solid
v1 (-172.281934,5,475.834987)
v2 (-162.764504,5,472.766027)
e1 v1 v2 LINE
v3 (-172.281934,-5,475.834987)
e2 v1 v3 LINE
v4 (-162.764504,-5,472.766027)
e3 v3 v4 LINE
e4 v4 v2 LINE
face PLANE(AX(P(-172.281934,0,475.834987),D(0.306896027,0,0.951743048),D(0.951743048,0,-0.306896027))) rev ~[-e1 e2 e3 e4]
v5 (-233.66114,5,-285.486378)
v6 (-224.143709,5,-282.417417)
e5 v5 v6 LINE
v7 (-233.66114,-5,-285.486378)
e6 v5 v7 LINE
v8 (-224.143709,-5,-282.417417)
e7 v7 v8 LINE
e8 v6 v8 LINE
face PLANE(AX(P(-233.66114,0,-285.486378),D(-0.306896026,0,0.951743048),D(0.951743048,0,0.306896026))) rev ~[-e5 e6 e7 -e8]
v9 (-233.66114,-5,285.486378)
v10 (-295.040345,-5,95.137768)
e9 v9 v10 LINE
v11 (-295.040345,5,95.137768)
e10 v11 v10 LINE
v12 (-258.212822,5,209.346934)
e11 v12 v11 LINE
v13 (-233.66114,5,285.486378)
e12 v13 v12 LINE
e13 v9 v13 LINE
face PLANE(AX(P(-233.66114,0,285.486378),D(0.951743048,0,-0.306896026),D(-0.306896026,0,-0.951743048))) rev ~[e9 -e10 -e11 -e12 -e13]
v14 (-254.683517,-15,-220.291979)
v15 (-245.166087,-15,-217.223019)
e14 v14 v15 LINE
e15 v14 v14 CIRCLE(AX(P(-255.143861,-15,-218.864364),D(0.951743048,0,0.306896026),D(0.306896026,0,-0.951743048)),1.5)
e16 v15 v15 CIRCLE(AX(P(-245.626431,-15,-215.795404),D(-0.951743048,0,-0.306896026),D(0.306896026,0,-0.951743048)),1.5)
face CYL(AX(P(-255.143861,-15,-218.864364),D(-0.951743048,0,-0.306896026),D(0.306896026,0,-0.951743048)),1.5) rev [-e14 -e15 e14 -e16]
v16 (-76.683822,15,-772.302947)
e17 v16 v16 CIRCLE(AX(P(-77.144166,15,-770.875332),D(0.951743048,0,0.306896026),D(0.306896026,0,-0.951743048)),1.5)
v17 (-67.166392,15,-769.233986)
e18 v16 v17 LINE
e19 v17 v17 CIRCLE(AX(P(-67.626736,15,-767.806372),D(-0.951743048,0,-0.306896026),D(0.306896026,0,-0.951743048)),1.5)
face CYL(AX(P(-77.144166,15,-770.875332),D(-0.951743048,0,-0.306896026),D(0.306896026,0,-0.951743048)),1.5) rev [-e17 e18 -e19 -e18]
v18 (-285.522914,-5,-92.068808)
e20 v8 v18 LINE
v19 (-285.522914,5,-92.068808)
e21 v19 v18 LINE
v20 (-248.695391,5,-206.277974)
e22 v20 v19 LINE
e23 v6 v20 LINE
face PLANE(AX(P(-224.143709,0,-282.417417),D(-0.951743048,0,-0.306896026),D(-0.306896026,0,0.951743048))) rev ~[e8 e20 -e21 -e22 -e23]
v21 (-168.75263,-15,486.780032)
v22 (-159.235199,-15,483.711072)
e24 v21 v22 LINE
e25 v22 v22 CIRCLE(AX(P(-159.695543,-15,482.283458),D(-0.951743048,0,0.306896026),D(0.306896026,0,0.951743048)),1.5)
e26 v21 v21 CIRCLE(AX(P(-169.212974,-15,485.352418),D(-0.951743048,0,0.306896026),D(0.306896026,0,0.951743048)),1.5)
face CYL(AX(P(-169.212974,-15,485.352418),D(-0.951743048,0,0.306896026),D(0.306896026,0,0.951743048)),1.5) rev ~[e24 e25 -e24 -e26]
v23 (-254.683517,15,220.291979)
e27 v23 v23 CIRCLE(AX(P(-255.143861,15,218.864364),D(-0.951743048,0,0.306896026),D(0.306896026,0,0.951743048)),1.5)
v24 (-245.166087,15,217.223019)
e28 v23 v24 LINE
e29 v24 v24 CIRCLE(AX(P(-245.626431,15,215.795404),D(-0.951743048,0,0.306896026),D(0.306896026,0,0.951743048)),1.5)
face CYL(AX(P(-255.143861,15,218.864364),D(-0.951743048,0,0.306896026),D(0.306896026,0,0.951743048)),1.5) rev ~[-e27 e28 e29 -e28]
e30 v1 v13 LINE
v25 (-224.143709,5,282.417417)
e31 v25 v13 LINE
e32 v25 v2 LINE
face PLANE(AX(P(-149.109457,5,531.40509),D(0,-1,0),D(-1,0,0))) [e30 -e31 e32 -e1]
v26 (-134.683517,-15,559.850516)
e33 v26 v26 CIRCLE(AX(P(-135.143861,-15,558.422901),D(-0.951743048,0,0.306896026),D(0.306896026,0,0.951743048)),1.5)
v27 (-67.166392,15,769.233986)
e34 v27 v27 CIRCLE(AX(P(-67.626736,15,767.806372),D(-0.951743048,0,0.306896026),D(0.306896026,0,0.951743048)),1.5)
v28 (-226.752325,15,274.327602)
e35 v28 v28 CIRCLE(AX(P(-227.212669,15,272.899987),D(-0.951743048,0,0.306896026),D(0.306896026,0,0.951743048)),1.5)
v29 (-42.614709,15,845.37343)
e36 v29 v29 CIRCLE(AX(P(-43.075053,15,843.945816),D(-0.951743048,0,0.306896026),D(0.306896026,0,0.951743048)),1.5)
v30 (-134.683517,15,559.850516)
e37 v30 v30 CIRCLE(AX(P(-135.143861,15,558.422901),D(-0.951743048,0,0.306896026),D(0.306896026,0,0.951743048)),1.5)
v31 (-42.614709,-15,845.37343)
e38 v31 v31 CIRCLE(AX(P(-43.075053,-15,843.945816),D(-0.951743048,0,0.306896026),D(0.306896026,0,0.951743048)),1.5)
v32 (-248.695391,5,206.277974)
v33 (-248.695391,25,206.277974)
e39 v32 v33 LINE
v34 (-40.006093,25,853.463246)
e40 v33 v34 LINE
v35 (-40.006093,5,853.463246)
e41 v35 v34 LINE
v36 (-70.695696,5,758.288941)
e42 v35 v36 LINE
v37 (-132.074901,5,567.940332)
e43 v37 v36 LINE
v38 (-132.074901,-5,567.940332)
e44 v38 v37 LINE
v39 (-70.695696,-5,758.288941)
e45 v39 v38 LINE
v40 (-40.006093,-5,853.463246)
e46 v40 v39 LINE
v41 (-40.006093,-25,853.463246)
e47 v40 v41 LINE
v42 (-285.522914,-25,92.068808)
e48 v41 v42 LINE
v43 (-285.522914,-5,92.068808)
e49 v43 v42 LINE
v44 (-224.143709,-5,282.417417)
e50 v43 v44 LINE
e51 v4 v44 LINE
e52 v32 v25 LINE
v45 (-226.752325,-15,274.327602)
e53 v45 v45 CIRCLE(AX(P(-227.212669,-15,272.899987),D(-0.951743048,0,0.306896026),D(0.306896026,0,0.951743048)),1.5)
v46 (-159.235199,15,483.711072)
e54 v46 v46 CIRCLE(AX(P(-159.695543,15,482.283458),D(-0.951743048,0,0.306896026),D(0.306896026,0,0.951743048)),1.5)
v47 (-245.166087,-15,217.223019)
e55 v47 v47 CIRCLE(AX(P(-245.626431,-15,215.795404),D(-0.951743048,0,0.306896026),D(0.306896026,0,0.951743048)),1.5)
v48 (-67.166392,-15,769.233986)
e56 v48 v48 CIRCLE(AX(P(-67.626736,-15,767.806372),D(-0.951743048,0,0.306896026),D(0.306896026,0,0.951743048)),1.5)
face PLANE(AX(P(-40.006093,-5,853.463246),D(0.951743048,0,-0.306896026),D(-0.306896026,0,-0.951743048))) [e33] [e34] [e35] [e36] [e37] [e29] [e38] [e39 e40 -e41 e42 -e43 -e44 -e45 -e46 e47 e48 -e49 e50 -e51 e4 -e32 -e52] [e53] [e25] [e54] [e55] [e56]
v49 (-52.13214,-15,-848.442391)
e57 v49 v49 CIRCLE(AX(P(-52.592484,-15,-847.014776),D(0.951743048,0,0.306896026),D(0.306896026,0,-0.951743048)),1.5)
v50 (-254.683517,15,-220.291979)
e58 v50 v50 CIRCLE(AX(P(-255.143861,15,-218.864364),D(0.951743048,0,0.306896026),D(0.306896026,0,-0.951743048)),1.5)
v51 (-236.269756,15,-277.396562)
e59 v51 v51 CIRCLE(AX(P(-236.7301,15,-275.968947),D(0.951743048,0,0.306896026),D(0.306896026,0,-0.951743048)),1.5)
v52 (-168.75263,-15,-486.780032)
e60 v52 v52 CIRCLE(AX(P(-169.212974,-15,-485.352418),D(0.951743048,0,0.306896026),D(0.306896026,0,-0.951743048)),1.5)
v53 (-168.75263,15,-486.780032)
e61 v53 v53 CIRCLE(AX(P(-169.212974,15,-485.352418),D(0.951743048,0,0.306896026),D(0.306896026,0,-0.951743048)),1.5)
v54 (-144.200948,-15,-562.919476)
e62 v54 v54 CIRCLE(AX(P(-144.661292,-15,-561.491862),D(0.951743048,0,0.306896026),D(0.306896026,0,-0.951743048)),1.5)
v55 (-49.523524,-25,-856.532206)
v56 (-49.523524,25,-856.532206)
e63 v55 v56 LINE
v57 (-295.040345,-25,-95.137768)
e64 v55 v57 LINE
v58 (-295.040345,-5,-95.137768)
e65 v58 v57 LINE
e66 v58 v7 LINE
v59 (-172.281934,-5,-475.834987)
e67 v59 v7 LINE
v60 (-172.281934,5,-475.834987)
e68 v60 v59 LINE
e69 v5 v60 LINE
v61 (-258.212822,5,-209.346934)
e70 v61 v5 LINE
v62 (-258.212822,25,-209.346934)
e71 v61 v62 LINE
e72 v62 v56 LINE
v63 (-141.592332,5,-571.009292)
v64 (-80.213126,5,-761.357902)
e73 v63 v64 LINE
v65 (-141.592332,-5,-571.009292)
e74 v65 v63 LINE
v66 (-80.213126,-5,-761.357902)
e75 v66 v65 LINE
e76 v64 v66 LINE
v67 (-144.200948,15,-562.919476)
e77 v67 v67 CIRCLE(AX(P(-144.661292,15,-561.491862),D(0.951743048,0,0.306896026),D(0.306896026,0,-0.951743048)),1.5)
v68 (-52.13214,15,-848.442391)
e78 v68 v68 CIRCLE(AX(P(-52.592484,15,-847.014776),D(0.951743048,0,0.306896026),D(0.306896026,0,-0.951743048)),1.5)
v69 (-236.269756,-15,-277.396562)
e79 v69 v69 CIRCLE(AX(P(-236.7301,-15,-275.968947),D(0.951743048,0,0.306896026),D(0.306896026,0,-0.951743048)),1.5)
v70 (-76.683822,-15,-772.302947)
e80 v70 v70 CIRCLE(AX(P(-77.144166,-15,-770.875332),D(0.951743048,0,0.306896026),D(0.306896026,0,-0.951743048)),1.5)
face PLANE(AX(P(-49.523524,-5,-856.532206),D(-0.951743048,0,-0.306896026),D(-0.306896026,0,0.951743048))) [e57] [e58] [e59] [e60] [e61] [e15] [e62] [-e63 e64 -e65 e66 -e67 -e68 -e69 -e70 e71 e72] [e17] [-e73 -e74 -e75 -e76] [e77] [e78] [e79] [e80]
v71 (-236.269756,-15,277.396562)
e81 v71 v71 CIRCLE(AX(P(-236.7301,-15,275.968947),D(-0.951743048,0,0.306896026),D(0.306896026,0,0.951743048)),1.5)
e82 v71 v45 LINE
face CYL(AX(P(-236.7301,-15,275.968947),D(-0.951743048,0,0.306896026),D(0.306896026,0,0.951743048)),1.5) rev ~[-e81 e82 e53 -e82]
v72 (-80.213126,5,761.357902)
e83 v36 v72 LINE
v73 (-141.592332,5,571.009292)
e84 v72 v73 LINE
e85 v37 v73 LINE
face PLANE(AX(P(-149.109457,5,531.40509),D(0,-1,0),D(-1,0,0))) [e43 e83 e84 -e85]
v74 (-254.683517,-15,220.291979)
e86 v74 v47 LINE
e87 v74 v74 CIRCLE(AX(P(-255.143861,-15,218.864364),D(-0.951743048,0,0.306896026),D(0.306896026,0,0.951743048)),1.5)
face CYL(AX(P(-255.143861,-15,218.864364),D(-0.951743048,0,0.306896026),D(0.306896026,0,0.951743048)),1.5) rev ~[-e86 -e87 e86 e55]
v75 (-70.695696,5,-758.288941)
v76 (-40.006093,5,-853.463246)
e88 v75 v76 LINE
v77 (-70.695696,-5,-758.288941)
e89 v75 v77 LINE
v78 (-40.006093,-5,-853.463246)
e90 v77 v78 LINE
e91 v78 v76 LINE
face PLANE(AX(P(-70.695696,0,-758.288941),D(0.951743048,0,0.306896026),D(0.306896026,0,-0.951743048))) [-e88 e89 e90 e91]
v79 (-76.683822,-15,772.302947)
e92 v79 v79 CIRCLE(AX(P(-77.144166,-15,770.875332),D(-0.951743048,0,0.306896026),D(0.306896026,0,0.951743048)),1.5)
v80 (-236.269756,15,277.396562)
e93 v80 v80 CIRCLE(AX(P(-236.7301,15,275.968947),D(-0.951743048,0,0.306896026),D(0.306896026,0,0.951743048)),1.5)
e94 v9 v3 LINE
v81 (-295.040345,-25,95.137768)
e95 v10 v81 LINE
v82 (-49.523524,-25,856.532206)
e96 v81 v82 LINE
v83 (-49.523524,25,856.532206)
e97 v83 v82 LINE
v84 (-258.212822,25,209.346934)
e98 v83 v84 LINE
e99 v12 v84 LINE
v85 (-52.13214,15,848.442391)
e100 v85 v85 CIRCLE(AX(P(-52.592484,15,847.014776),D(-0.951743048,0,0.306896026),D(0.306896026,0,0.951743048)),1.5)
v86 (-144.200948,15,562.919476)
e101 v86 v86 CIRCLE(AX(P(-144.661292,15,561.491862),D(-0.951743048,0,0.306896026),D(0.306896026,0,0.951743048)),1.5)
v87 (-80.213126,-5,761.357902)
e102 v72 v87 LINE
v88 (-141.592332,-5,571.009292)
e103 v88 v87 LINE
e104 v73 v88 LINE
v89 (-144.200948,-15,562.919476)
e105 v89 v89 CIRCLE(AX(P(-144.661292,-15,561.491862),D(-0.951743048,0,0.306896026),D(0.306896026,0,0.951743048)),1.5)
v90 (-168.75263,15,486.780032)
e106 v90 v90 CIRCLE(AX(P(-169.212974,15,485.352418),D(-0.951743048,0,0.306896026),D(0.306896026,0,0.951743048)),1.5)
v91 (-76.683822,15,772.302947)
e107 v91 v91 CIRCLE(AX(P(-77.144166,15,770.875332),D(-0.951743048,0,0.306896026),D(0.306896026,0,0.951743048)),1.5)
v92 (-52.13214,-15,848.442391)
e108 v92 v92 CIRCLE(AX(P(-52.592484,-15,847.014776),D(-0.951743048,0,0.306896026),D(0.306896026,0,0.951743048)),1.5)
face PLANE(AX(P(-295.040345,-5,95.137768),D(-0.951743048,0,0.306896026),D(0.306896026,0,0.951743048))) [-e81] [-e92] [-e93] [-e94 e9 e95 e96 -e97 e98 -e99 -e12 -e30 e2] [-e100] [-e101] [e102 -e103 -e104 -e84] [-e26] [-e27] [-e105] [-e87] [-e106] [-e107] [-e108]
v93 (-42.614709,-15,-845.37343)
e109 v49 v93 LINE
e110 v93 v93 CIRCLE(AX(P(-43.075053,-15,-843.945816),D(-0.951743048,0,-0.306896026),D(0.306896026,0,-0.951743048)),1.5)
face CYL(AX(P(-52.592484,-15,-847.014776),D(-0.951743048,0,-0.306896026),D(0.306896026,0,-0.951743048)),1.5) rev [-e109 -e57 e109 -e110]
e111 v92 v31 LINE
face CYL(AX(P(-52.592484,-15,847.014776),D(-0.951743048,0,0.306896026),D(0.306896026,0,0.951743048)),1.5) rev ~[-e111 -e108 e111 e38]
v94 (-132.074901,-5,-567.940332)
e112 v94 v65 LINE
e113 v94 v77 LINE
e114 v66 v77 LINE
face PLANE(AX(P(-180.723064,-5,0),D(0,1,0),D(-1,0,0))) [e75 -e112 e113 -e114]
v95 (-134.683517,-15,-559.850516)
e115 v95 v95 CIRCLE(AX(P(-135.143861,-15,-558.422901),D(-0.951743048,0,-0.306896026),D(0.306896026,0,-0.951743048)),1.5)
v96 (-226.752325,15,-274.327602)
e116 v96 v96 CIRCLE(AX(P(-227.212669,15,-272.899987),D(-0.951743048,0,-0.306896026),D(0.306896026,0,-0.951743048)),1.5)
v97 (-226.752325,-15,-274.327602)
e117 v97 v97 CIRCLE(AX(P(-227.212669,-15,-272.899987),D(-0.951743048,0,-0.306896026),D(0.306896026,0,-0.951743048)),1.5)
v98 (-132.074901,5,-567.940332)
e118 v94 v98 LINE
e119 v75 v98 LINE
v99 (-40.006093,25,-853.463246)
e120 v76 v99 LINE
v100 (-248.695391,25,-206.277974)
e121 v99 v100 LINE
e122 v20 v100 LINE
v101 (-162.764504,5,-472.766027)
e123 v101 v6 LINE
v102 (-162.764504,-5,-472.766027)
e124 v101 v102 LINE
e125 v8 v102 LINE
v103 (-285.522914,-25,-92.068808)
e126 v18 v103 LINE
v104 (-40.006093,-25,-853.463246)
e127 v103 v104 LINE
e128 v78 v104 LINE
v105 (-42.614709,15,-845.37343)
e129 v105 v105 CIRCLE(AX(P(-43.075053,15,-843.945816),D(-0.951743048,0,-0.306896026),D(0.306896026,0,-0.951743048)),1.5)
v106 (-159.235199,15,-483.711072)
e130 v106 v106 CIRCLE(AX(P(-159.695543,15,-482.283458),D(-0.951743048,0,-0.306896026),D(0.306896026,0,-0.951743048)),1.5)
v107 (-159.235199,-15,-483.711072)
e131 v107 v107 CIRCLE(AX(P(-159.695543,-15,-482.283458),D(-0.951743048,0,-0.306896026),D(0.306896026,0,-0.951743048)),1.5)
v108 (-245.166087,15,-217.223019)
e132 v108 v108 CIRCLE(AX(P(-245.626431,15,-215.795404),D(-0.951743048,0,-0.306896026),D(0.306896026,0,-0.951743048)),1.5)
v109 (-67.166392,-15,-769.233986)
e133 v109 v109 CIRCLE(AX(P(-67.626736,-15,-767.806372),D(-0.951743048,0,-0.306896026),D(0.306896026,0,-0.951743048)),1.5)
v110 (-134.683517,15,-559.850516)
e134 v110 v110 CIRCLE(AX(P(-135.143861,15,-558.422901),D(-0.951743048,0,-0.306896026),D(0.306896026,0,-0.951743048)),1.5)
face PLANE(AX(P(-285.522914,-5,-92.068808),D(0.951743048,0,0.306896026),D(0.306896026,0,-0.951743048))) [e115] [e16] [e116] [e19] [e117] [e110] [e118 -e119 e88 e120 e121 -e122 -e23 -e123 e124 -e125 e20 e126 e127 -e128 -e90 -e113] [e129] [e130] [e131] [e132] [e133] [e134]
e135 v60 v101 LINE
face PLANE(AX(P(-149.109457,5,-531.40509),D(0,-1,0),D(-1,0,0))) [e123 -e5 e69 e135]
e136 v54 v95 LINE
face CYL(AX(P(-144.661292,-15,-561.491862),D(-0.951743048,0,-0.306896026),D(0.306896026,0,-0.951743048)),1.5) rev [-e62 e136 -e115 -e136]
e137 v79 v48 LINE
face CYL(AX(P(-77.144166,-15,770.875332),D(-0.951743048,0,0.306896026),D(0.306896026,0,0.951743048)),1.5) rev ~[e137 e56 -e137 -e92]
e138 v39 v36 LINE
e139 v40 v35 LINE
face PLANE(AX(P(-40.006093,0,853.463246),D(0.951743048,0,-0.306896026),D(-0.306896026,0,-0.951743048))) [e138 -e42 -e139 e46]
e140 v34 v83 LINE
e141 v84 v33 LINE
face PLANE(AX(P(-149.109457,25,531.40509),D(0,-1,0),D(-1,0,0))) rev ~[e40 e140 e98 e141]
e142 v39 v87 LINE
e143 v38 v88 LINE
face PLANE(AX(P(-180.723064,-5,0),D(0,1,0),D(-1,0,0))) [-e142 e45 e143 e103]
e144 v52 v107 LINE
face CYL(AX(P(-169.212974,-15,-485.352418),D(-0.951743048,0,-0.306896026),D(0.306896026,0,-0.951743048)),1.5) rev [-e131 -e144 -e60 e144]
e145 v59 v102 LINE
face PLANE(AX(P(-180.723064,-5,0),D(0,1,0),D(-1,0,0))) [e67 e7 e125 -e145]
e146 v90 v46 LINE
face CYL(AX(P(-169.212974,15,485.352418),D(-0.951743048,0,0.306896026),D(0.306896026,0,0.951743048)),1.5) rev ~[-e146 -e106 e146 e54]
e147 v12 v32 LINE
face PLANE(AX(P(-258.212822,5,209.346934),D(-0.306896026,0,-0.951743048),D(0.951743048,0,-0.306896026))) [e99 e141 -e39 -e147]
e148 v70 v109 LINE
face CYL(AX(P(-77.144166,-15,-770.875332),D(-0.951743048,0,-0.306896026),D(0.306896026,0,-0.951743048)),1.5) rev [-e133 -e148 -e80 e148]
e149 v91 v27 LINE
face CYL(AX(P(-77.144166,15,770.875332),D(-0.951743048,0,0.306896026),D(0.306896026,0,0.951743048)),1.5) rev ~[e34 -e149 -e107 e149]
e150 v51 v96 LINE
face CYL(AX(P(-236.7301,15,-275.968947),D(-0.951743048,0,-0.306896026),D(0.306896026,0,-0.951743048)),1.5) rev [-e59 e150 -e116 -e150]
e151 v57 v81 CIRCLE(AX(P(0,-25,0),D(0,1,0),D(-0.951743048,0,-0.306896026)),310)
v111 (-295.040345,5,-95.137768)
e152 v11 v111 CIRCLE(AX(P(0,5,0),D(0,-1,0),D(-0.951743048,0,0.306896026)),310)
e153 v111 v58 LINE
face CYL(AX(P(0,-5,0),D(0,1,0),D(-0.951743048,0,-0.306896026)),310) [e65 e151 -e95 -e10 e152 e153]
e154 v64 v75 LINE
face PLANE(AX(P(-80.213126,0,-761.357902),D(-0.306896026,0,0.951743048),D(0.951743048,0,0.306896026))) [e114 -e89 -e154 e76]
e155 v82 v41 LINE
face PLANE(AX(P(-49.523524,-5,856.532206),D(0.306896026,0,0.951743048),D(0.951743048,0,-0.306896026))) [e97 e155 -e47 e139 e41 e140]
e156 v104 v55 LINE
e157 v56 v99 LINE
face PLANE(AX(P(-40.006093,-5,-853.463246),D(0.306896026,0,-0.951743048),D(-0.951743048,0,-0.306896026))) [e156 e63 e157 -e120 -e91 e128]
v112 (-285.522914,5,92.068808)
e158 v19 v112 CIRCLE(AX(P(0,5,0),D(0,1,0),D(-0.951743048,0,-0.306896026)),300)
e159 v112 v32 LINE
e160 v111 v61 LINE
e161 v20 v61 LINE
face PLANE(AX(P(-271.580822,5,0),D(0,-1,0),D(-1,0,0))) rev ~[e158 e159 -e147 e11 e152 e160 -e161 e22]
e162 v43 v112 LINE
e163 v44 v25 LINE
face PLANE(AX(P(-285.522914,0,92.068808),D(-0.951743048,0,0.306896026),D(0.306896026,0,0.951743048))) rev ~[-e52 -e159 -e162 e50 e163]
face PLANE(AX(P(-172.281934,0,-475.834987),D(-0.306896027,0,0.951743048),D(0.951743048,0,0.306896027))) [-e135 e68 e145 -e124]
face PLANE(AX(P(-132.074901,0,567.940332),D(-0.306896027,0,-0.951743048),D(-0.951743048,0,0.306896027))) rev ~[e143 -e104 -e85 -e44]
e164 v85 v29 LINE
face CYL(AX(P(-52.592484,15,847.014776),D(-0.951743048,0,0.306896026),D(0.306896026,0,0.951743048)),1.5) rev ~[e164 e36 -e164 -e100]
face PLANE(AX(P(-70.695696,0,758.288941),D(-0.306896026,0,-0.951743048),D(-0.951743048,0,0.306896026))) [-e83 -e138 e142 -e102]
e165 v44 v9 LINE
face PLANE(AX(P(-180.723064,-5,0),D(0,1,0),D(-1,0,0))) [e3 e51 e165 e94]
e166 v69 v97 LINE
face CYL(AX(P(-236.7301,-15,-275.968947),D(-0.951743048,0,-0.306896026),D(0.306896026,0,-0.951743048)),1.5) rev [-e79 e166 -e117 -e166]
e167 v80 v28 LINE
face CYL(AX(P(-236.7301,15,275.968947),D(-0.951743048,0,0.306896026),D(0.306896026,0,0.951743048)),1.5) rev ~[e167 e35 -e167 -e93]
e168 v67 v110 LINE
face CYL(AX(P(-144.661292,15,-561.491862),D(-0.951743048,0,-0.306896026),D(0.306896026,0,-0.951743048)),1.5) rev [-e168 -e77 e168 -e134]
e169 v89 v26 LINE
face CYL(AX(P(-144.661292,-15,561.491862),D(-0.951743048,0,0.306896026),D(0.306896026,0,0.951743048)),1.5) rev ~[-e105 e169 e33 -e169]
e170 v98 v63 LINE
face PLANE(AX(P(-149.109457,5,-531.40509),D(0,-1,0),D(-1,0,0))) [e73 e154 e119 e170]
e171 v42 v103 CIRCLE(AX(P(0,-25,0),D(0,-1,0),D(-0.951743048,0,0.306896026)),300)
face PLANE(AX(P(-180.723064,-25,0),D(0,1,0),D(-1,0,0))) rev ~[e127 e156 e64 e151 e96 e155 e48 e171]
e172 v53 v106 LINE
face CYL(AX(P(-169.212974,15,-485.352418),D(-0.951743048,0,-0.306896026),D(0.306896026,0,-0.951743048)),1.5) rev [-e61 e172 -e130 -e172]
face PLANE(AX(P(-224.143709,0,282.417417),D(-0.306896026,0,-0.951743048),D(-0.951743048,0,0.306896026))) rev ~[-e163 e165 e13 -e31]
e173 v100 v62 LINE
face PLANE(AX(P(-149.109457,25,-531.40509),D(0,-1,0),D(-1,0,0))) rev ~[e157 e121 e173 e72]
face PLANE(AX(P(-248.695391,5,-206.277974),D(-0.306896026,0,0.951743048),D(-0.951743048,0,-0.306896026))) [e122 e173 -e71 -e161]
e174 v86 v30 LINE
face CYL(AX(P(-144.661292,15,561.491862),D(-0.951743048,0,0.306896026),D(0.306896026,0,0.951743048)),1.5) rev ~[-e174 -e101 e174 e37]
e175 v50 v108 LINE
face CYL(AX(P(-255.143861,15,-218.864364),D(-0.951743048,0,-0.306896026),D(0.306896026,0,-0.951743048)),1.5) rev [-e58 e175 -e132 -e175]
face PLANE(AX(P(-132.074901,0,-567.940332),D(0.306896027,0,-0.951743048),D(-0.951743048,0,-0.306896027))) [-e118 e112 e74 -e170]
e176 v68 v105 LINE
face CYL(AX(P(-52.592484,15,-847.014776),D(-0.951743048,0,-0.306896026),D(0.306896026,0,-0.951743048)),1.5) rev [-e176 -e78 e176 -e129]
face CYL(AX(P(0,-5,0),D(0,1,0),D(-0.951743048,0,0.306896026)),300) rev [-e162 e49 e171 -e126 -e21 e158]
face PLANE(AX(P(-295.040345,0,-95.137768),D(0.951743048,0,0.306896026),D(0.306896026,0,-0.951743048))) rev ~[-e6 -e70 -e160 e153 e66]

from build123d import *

# Parameters (mm, degrees)
BOSS_EXTRUDE1_DEPTH   = 5
BOSS_EXTRUDE1_2_DEPTH = 5
BOSS_EXTRUDE1_3_DEPTH = 5
BOSS_EXTRUDE1_4_DEPTH = 5
BOSS_EXTRUDE1_5_DEPTH = 5
BOSS_EXTRUDE2_DEPTH   = 20
BOSS_EXTRUDE3_DEPTH   = 20
SKETCH8_R             = 1.5
CUT_EXTRUDE2_DEPTH    = 535.790809635


with BuildPart() as part:
    # Sketch3 → Boss-Extrude1 (new body, symmetric)
    with BuildSketch(Plane(origin=(0, 0, 0), x_dir=(1, 0, 0), z_dir=(0, 1, 0))):
        Polygon((-49.523523643, -856.532206403), (-40.006093165, -853.463246139), (-70.69569581, -758.288941363), (-80.213126288, -761.357901628), align=None)
    extrude(amount=BOSS_EXTRUDE1_DEPTH, both=True)



with BuildPart() as body_2:
    # Sketch3 → Boss-Extrude1 2 (new body, symmetric)
    with BuildSketch(Plane(origin=(0, 0, 0), x_dir=(1, 0, 0), z_dir=(0, 1, 0))):
        with BuildLine():
            Line((-233.661139514, -285.486377751), (-295.040344804, -95.1377682))
            ThreePointArc((-295.040344804, -95.1377682), (-310, 0), (-295.040344804, 95.1377682))
            Line((-295.040344804, 95.1377682), (-233.661139514, 285.486377751))
            Line((-233.661139514, 285.486377751), (-224.143709036, 282.417417486))
            Line((-224.143709036, 282.417417486), (-285.522914326, 92.068807935))
            ThreePointArc((-285.522914326, 92.068807935), (-300, 0), (-285.522914326, -92.068807935))
            Line((-285.522914326, -92.068807935), (-224.143709036, -282.417417486))
            Line((-224.143709036, -282.417417486), (-233.661139514, -285.486377751))
        make_face()
    extrude(amount=BOSS_EXTRUDE1_2_DEPTH, both=True)


with BuildPart() as body_3:
    # Sketch3 → Boss-Extrude1 3 (new body, symmetric)
    with BuildSketch(Plane(origin=(0, 0, 0), x_dir=(1, 0, 0), z_dir=(0, 1, 0))):
        Polygon((-132.074901101, -567.940331812), (-141.592331578, -571.009292077), (-172.281934223, -475.834987302), (-162.764503746, -472.766027037), align=None)
    extrude(amount=BOSS_EXTRUDE1_3_DEPTH, both=True)


with BuildPart() as body_4:
    # Sketch3 → Boss-Extrude1 4 (new body, symmetric)
    with BuildSketch(Plane(origin=(0, 0, 0), x_dir=(1, 0, 0), z_dir=(0, 1, 0))):
        Polygon((-70.69569581, 758.288941363), (-40.006093165, 853.463246139), (-49.523523643, 856.532206403), (-80.213126288, 761.357901628), align=None)
    extrude(amount=BOSS_EXTRUDE1_4_DEPTH, both=True)


with BuildPart() as body_5:
    # Sketch3 → Boss-Extrude1 5 (new body, symmetric)
    with BuildSketch(Plane(origin=(0, 0, 0), x_dir=(1, 0, 0), z_dir=(0, 1, 0))):
        Polygon((-162.764503746, 472.766027037), (-132.074901101, 567.940331812), (-141.592331578, 571.009292077), (-172.281934223, 475.834987302), align=None)
    extrude(amount=BOSS_EXTRUDE1_5_DEPTH, both=True)


with BuildPart() as part_1:
    add(part.part)

    add(body_2.part)  # Boss-Extrude2 merges body 2

    add(body_3.part)  # Boss-Extrude2 merges body 3

    add(body_4.part)  # Boss-Extrude2 merges body 4

    add(body_5.part)  # Boss-Extrude2 merges body 5
    # Sketch4 → Boss-Extrude2 (add)
    with BuildSketch(Plane(origin=(0, 5, 0), x_dir=(1, 0, 0), z_dir=(0, 1, 0))):
        Polygon((-49.523523643, -856.532206403), (-258.21282163, -209.34693393), (-248.695391152, -206.277973666), (-40.006093165, -853.463246139), align=None)
        Polygon((-49.523523643, 856.532206403), (-40.006093165, 853.463246139), (-248.695391152, 206.277973666), (-258.21282163, 209.34693393), align=None)
    extrude(amount=BOSS_EXTRUDE2_DEPTH)

    # Sketch5 → Boss-Extrude3 (add)
    with BuildSketch(Plane.XZ.offset(5)):
        with BuildLine():
            Line((-49.523523643, 856.532206403), (-40.006093165, 853.463246139))
            Line((-40.006093165, 853.463246139), (-285.522914326, 92.068807935))
            ThreePointArc((-285.522914326, 92.068807935), (-300, 0), (-285.522914326, -92.068807935))
            Line((-285.522914326, -92.068807935), (-40.006093165, -853.463246139))
            Line((-40.006093165, -853.463246139), (-49.523523643, -856.532206403))
            Line((-49.523523643, -856.532206403), (-295.040344804, -95.1377682))
            ThreePointArc((-295.040344804, -95.1377682), (-310, 0), (-295.040344804, 95.1377682))
            Line((-295.040344804, 95.1377682), (-49.523523643, 856.532206403))
        make_face()
    extrude(amount=BOSS_EXTRUDE3_DEPTH)

    # Sketch8 → Cut-Extrude2 (cut, through all)
    with BuildSketch(Plane(origin=(-295.040344804, 0, 95.1377682), x_dir=(0.306896026, 0, 0.951743048), z_dir=(-0.951743048, 0, 0.306896026))):
        with Locations((790, 15)):
            Circle(SKETCH8_R)
        with Locations((710, 15)):
            Circle(SKETCH8_R)
        with Locations((410, 15)):
            Circle(SKETCH8_R)
        with Locations((490, 15)):
            Circle(SKETCH8_R)
        with Locations((130, 15)):
            Circle(SKETCH8_R)
        with Locations((190, 15)):
            Circle(SKETCH8_R)
        with Locations((790, -15)):
            Circle(SKETCH8_R)
        with Locations((190, -15)):
            Circle(SKETCH8_R)
        with Locations((130, -15)):
            Circle(SKETCH8_R)
        with Locations((490, -15)):
            Circle(SKETCH8_R)
        with Locations((410, -15)):
            Circle(SKETCH8_R)
        with Locations((710, -15)):
            Circle(SKETCH8_R)
    cut_extrude2 = extrude(amount=-CUT_EXTRUDE2_DEPTH, mode=Mode.SUBTRACT)

    # Mirror1: Cut-Extrude2 across plane
    add(cut_extrude2.mirror(Plane.XY), mode=Mode.SUBTRACT)


solid = part_1.part
